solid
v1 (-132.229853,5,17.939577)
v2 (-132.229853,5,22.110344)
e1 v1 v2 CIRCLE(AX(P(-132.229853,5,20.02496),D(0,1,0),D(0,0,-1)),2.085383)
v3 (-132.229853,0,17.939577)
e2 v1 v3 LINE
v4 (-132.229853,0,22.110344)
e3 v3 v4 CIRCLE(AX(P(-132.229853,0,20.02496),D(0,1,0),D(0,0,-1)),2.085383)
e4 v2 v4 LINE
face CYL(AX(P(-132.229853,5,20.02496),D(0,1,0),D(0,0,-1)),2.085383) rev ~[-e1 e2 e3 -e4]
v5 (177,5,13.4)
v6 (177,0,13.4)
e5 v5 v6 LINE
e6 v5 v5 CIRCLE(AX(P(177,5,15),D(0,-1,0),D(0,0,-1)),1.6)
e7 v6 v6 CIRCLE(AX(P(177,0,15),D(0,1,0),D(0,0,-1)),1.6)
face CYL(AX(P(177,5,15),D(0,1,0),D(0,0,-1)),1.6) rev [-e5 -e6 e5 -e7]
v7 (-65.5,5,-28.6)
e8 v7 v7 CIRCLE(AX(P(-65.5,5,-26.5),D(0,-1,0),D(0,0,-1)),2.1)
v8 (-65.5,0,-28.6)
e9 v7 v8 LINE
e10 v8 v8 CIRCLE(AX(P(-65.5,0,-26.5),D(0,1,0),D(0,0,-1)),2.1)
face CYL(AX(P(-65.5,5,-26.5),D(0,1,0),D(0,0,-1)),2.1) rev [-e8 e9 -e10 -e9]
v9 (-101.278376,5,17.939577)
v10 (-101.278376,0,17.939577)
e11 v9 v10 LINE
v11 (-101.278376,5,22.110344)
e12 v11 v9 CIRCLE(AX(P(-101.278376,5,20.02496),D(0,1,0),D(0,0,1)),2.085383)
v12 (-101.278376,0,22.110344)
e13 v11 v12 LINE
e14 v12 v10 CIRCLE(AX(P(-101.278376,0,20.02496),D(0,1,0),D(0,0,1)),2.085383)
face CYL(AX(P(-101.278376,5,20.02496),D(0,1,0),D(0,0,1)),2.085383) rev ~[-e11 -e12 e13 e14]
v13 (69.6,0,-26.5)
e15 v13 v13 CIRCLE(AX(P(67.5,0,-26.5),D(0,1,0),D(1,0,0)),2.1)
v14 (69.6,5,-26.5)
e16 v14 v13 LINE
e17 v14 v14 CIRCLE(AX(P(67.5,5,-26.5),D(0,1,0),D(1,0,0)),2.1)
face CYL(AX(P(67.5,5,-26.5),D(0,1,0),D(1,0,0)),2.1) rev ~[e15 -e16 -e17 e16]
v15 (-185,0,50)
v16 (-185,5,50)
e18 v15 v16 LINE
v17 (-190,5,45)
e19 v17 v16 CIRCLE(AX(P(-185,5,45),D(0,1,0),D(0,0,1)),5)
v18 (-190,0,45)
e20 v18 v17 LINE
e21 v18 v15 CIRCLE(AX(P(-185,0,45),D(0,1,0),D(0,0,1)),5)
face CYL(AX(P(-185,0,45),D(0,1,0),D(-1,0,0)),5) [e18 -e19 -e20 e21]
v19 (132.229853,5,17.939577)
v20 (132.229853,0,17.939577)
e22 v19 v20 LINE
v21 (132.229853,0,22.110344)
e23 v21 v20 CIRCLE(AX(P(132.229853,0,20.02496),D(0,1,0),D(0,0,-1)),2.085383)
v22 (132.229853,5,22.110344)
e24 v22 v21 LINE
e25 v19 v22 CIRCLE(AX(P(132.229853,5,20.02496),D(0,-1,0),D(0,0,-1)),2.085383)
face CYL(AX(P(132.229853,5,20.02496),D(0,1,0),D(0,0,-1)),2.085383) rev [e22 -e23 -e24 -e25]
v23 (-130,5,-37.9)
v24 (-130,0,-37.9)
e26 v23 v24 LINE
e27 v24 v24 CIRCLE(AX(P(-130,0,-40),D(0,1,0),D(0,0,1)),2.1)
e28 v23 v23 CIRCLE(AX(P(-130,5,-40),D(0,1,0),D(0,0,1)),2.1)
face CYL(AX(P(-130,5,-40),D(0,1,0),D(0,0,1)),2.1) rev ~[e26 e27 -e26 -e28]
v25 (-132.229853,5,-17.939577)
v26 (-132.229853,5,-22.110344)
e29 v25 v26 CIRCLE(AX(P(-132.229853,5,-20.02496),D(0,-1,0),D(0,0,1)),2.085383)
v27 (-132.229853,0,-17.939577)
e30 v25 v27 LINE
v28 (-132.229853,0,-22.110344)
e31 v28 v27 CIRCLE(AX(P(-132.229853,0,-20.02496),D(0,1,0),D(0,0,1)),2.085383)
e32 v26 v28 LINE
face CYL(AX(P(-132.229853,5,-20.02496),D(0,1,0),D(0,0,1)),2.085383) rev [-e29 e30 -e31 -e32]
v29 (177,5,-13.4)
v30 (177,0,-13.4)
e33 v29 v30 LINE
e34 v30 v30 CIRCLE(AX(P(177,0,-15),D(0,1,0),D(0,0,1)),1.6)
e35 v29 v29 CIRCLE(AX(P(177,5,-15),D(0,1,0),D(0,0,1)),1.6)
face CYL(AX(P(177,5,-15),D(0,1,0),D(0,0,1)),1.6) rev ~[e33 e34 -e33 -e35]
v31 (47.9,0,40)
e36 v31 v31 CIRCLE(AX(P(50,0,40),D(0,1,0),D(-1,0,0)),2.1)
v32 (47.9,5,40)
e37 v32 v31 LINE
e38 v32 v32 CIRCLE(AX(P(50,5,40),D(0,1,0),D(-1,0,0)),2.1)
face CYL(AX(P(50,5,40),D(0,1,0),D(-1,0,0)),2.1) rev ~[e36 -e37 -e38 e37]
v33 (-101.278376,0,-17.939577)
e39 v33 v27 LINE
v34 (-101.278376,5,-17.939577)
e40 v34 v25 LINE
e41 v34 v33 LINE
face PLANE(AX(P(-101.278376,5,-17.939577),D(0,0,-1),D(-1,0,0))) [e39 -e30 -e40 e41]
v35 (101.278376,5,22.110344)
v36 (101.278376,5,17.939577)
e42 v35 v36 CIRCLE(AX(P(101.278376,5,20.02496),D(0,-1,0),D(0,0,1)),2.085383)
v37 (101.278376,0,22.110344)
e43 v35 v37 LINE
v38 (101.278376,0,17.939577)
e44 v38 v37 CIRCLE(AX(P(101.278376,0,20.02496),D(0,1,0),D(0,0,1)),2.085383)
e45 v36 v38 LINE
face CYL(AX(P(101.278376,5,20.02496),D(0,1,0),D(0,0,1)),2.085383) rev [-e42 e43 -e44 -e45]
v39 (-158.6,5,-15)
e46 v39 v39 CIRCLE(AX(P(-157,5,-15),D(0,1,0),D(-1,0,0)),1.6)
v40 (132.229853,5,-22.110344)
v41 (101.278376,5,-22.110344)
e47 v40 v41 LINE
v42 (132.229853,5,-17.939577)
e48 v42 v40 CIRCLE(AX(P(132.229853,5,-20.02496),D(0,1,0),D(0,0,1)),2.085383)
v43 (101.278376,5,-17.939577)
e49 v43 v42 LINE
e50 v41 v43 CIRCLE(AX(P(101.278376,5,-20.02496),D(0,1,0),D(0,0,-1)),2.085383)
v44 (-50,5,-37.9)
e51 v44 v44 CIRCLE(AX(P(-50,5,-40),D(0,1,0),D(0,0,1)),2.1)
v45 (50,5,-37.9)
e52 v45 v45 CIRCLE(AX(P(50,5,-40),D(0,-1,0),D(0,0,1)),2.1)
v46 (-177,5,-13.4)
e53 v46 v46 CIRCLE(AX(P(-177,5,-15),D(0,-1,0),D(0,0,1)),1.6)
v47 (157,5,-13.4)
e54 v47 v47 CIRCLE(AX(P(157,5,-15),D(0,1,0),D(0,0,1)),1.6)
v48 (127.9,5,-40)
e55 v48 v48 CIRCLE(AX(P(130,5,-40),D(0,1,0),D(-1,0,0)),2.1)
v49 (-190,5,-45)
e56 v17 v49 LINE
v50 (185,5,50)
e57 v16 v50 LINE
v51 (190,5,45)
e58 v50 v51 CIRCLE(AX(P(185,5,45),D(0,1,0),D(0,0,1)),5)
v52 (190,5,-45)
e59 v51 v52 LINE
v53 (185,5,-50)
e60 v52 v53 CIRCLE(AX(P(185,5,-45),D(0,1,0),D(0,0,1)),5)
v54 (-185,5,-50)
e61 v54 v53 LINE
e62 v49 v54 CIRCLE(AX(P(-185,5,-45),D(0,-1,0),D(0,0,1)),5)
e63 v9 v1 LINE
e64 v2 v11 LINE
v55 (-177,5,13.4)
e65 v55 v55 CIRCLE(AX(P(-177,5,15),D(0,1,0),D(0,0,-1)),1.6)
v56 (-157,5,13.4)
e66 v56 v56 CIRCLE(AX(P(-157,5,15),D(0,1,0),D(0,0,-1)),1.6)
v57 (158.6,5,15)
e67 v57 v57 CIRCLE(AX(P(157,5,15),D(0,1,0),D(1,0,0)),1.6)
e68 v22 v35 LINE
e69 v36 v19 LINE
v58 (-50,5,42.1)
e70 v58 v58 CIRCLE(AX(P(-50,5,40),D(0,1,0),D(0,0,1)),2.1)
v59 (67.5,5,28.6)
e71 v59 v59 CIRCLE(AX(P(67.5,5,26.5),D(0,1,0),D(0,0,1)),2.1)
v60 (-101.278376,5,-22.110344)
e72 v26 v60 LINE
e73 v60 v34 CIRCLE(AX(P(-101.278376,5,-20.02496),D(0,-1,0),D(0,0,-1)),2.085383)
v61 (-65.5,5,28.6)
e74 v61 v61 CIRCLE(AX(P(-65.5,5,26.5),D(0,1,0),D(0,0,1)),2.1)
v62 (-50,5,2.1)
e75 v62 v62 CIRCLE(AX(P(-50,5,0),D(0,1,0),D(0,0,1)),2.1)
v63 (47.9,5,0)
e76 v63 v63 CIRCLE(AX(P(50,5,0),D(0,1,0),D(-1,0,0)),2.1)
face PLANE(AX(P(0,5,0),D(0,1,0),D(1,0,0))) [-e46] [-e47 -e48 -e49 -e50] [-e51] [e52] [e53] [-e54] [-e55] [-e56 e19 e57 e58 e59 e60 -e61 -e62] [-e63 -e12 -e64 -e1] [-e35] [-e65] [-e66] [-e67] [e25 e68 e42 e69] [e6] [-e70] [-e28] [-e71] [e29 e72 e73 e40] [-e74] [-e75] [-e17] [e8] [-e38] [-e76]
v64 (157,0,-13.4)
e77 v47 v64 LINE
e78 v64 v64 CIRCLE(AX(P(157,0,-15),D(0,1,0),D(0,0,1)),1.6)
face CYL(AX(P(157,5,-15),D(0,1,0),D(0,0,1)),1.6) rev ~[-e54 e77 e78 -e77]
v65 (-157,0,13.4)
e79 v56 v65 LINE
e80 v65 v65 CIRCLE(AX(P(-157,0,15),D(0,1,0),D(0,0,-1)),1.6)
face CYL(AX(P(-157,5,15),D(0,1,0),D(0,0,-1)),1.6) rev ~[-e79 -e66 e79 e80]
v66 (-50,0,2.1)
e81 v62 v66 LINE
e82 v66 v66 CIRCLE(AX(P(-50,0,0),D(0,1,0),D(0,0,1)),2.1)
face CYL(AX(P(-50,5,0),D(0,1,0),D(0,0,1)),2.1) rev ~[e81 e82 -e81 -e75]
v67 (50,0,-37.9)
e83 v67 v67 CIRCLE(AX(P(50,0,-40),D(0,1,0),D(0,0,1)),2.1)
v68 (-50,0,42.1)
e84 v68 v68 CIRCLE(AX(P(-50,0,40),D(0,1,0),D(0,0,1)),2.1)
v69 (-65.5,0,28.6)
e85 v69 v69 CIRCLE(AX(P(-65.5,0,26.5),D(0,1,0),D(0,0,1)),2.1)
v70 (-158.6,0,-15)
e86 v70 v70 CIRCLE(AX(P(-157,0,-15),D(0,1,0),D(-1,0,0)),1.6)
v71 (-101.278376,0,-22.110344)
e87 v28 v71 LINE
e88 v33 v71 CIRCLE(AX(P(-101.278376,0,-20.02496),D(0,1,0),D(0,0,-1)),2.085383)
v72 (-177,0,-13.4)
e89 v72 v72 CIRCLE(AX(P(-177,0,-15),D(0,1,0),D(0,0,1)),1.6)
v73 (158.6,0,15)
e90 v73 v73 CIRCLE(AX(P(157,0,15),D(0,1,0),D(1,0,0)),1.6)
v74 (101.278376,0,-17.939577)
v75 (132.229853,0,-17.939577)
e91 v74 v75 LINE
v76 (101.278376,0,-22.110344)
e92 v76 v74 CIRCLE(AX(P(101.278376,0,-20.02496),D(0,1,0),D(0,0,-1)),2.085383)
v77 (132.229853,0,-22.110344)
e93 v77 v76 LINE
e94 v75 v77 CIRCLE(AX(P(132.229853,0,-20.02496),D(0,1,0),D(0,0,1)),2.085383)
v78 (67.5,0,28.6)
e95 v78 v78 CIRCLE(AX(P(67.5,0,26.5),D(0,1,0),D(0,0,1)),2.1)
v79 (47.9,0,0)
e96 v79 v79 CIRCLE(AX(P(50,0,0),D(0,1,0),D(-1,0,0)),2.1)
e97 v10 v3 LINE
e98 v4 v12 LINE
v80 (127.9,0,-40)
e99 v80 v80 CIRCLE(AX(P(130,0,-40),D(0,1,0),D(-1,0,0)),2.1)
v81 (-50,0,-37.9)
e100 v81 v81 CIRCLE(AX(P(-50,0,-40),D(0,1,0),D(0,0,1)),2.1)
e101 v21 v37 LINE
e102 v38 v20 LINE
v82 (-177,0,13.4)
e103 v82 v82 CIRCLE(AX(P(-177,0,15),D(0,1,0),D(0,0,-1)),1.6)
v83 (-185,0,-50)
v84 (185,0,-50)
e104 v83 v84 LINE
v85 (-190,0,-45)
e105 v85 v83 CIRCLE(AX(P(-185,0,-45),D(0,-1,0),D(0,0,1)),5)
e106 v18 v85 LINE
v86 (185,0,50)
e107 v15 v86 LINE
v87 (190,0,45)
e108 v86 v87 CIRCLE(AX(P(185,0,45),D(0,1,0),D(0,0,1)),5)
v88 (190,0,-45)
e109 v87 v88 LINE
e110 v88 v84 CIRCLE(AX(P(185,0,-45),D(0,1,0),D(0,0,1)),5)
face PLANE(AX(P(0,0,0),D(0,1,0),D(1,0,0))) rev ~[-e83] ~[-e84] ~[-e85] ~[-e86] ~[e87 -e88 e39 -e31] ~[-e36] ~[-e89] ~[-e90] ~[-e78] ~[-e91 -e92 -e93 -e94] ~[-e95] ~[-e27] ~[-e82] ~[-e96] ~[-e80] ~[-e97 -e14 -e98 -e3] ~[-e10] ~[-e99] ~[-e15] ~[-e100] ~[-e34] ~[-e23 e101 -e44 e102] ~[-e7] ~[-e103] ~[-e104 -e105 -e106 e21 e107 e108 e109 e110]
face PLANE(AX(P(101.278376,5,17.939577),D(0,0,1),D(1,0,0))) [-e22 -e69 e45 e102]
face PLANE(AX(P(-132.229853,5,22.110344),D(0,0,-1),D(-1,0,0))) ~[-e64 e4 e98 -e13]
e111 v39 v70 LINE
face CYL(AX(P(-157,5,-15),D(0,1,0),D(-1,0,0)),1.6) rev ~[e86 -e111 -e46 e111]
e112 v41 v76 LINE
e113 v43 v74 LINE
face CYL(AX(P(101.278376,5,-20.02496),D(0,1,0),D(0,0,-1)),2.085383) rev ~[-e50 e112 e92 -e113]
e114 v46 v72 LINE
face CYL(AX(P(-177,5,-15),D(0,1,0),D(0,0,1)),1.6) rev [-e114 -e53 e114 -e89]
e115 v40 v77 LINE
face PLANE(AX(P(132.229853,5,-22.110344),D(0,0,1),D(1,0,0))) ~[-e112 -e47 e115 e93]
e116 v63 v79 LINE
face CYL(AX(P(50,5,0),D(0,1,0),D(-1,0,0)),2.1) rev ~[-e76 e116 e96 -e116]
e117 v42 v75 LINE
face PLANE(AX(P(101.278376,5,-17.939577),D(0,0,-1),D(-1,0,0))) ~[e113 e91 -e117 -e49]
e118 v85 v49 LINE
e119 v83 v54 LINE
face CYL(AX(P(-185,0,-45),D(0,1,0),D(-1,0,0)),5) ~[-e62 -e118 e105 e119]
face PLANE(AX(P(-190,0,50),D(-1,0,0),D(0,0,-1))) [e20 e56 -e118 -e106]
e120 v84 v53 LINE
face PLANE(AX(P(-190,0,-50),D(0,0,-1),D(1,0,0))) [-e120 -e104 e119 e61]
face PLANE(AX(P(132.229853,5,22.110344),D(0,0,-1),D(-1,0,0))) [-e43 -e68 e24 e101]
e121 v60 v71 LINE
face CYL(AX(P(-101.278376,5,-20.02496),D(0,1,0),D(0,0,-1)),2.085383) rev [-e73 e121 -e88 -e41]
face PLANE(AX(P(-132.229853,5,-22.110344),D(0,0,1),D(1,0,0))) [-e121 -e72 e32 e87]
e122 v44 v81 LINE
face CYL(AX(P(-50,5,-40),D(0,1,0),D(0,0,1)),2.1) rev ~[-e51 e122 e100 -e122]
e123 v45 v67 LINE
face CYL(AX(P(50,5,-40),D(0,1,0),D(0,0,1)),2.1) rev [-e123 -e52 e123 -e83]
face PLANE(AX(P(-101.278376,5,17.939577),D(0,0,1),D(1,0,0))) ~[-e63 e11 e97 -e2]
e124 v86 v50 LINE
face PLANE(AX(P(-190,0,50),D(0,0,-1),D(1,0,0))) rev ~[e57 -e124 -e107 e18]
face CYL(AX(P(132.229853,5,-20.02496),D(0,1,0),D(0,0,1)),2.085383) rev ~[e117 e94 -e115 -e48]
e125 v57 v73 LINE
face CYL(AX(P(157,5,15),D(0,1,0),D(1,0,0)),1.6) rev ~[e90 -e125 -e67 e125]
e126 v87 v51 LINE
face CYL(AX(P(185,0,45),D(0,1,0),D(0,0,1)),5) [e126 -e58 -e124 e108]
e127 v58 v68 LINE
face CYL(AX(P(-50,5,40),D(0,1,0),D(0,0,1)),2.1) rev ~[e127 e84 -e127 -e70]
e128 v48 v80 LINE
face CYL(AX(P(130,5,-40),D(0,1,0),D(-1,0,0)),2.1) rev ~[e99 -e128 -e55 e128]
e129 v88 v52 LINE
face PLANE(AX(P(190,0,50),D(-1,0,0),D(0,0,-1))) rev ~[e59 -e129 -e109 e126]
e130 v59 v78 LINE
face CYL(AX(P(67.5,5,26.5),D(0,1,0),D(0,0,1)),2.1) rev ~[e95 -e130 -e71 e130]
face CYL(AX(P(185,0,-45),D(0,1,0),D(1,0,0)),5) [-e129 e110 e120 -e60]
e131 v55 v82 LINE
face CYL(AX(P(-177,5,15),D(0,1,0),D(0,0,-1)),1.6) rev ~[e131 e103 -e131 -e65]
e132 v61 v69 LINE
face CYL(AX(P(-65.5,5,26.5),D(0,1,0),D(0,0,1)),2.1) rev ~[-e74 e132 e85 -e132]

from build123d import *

# Parameters (mm, degrees)
SKETCH_1_W                       = 380
SKETCH_1_H                       = 100
EXTRUDE_1_DEPTH                  = 5
FILLET_2_R                       = 5
SKETCH_2_R                       = 1.6
CUT_EXTRUDE_1_DEPTH              = 197.53244007
PATTERN_LINEAR_1_COUNT           = 2
PATTERN_LINEAR_1_PITCH           = 20
MIRROR_1_COPY_1_SKETCH_R         = 1.6
MIRROR_1_COPY_1_DEPTH            = 197.53244007
MIRROR_2_COPY_1_SKETCH_R         = 1.6
MIRROR_2_COPY_1_DEPTH            = 197.53244007
MIRROR_2_COPY_2_SKETCH_R         = 1.6
MIRROR_2_COPY_2_DEPTH            = 197.53244007
MIRROR_2_COPY_3_SKETCH_R         = 1.6
MIRROR_2_COPY_3_DEPTH            = 197.53244007
SKETCH_3_R                       = 2.1
CUT_EXTRUDE_2_DEPTH              = 197.53244007
PATTERN_LINEAR_2_COUNT           = 3
PATTERN_LINEAR_2_PITCH           = 40
MIRROR_3_COPY_1_SKETCH_R         = 2.1
MIRROR_3_COPY_1_DEPTH            = 197.53244007
MIRROR_3_COPY_2_SKETCH_R         = 2.1
MIRROR_3_COPY_2_DEPTH            = 197.53244007
SKETCH_4_R                       = 2.1
CUT_EXTRUDE_3_DEPTH              = 197.53244007
PATTERN_LINEAR_3_COUNT           = 2
PATTERN_LINEAR_3_PITCH           = 133
PATTERN_LINEAR_3_COPY_1_SKETCH_R = 2.1
PATTERN_LINEAR_3_COPY_1_DEPTH    = 197.53244007
PATTERN_LINEAR_4_COUNT           = 2
PATTERN_LINEAR_4_PITCH           = 80
MIRROR_5_COPY_1_SKETCH_R         = 2.1
MIRROR_5_COPY_1_DEPTH            = 197.53244007
MIRROR_5_COPY_2_SKETCH_R         = 2.1
MIRROR_5_COPY_2_DEPTH            = 197.53244007
CUT_EXTRUDE_4_DEPTH              = 197.53244007
MIRROR_7_COPY_1_DEPTH            = 197.53244007


with BuildPart() as part:
    # 草图1 → 凸台-拉伸1 (new body)
    with BuildSketch(Plane(origin=(0, 0, 0), x_dir=(1, 0, 0), z_dir=(0, 1, 0))):
        Rectangle(SKETCH_1_W, SKETCH_1_H)
    extrude(amount=EXTRUDE_1_DEPTH)

    # 圆角2
    fillet_2_edges = [part.edges().sort_by_distance(p)[0] for p in [
        (190, 2.5, 50),
        (-190, 2.5, 50),
        (-190, 2.5, -50),
        (190, 2.5, -50),
    ]]
    fillet(fillet_2_edges, radius=FILLET_2_R)

    # 草图2 → 切除-拉伸1 (cut, through all)
    with BuildSketch(Plane(origin=(0, 5, 0), x_dir=(1, 0, 0), z_dir=(0, 1, 0))):
        with Locations(Location((177, 15, 0), (0, 0, 270))):
            Circle(SKETCH_2_R)
    cut_extrude_1 = extrude(amount=-CUT_EXTRUDE_1_DEPTH, mode=Mode.SUBTRACT)

    # 阵列(线性)1: 切除-拉伸1 ×2
    with Locations(*[(-i * PATTERN_LINEAR_1_PITCH, 0, 0) for i in range(1, PATTERN_LINEAR_1_COUNT)]):
        add(cut_extrude_1, mode=Mode.SUBTRACT)

    # 镜向1: 切除-拉伸1 across plane
    add(cut_extrude_1.mirror(Plane.XY), mode=Mode.SUBTRACT)

    # 镜向1 copy 1 sketch → 镜向1 copy 1 (cut, through all)
    with BuildSketch(Plane(origin=(-20, 5, 0), x_dir=(1, 0, 0), z_dir=(0, 1, 0))):
        with Locations((177, -15)):
            Circle(MIRROR_1_COPY_1_SKETCH_R)
    extrude(amount=-MIRROR_1_COPY_1_DEPTH, mode=Mode.SUBTRACT)

    # 镜向2: 切除-拉伸1 across plane
    add(cut_extrude_1.mirror(Plane(origin=(0, 0, 0), x_dir=(0, 0, 1), z_dir=(1, 0, 0))), mode=Mode.SUBTRACT)

    # 镜向2 copy 1 sketch → 镜向2 copy 1 (cut, through all)
    with BuildSketch(Plane(origin=(20, 5, 0), x_dir=(-1, 0, 0), z_dir=(0, 1, 0))):
        with Locations((177, -15)):
            Circle(MIRROR_2_COPY_1_SKETCH_R)
    extrude(amount=-MIRROR_2_COPY_1_DEPTH, mode=Mode.SUBTRACT)

    # 镜向2 copy 2 sketch → 镜向2 copy 2 (cut, through all)
    with BuildSketch(Plane(origin=(0, 5, 0), x_dir=(-1, 0, 0), z_dir=(0, 1, 0))):
        with Locations(Location((177, 15, 0), (0, 0, 270))):
            Circle(MIRROR_2_COPY_2_SKETCH_R)
    extrude(amount=-MIRROR_2_COPY_2_DEPTH, mode=Mode.SUBTRACT)

    # 镜向2 copy 3 sketch → 镜向2 copy 3 (cut, through all)
    with BuildSketch(Plane(origin=(20, 5, 0), x_dir=(-1, 0, 0), z_dir=(0, 1, 0))):
        with Locations(Location((177, 15, 0), (0, 0, 270))):
            Circle(MIRROR_2_COPY_3_SKETCH_R)
    extrude(amount=-MIRROR_2_COPY_3_DEPTH, mode=Mode.SUBTRACT)

    # 草图3 → 切除-拉伸2 (cut, through all)
    with BuildSketch(Plane(origin=(0, 5, 0), x_dir=(1, 0, 0), z_dir=(0, 1, 0))):
        with Locations(Location((-50, 40, 0), (0, 0, 270))):
            Circle(SKETCH_3_R)
    cut_extrude_2 = extrude(amount=-CUT_EXTRUDE_2_DEPTH, mode=Mode.SUBTRACT)

    # 阵列(线性)2: 切除-拉伸2 ×3
    with Locations(*[(0, 0, i * PATTERN_LINEAR_2_PITCH) for i in range(1, PATTERN_LINEAR_2_COUNT)]):
        add(cut_extrude_2, mode=Mode.SUBTRACT)

    # 镜向3: 切除-拉伸2 across plane
    add(cut_extrude_2.mirror(Plane(origin=(0, 0, 0), x_dir=(0, 0, 1), z_dir=(1, 0, 0))), mode=Mode.SUBTRACT)

    # 镜向3 copy 1 sketch → 镜向3 copy 1 (cut, through all)
    with BuildSketch(Plane(origin=(0, 5, 40), x_dir=(-1, 0, 0), z_dir=(0, 1, 0))):
        with Locations((-50, -40)):
            Circle(MIRROR_3_COPY_1_SKETCH_R)
    extrude(amount=-MIRROR_3_COPY_1_DEPTH, mode=Mode.SUBTRACT)

    # 镜向3 copy 2 sketch → 镜向3 copy 2 (cut, through all)
    with BuildSketch(Plane(origin=(0, 5, 80), x_dir=(-1, 0, 0), z_dir=(0, 1, 0))):
        with Locations((-50, -40)):
            Circle(MIRROR_3_COPY_2_SKETCH_R)
    extrude(amount=-MIRROR_3_COPY_2_DEPTH, mode=Mode.SUBTRACT)

    # 草图4 → 切除-拉伸3 (cut, through all)
    with BuildSketch(Plane(origin=(0, 5, 0), x_dir=(1, 0, 0), z_dir=(0, 1, 0))):
        with Locations(Location((-65.5, -26.5, 0), (0, 0, 270))):
            Circle(SKETCH_4_R)
    cut_extrude_3 = extrude(amount=-CUT_EXTRUDE_3_DEPTH, mode=Mode.SUBTRACT)

    # 镜向4: 切除-拉伸3 across plane
    add(cut_extrude_3.mirror(Plane.XY), mode=Mode.SUBTRACT)

    # 阵列(线性)3: 切除-拉伸3 ×2
    with Locations(*[(i * PATTERN_LINEAR_3_PITCH, 0, 0) for i in range(1, PATTERN_LINEAR_3_COUNT)]):
        add(cut_extrude_3, mode=Mode.SUBTRACT)

    # 阵列(线性)3 copy 1 sketch → 阵列(线性)3 copy 1 (cut, through all)
    with BuildSketch(Plane(origin=(133, 5, 0), x_dir=(1, 0, 0), z_dir=(0, 1, 0))):
        with Locations((-65.5, 26.5)):
            Circle(PATTERN_LINEAR_3_COPY_1_SKETCH_R)
    extrude(amount=-PATTERN_LINEAR_3_COPY_1_DEPTH, mode=Mode.SUBTRACT)

    # 阵列(线性)4: 切除-拉伸2 ×2
    with Locations(*[(-i * PATTERN_LINEAR_4_PITCH, 0, 0) for i in range(1, PATTERN_LINEAR_4_COUNT)]):
        add(cut_extrude_2, mode=Mode.SUBTRACT)

    # 镜向5 copy 1 sketch → 镜向5 copy 1 (cut, through all)
    with BuildSketch(Plane(origin=(80, 5, 0), x_dir=(-1, 0, 0), z_dir=(0, 1, 0))):
        with Locations((-50, -40)):
            Circle(MIRROR_5_COPY_1_SKETCH_R)
    extrude(amount=-MIRROR_5_COPY_1_DEPTH, mode=Mode.SUBTRACT)

    # 镜向5 copy 2 sketch → 镜向5 copy 2 (cut, through all)
    with BuildSketch(Plane(origin=(0, 5, 0), x_dir=(-1, 0, 0), z_dir=(0, 1, 0))):
        with Locations((-50, -40)):
            Circle(MIRROR_5_COPY_2_SKETCH_R)
    extrude(amount=-MIRROR_5_COPY_2_DEPTH, mode=Mode.SUBTRACT)

    # 草图6 → 切除-拉伸4 (cut, through all)
    with BuildSketch(Plane(origin=(0, 5, 0), x_dir=(1, 0, 0), z_dir=(0, 1, 0))):
        with BuildLine():
            Line((-132.229853022, 22.110343678), (-101.2783764, 22.110343678))
            ThreePointArc((-101.2783764, 22.110343678), (-99.192992914, 20.024960192), (-101.2783764, 17.939576706))
            Line((-101.2783764, 17.939576706), (-132.229853022, 17.939576706))
            ThreePointArc((-132.229853022, 17.939576706), (-134.315236507, 20.024960192), (-132.229853022, 22.110343678))
        make_face()
    cut_extrude_4 = extrude(amount=-CUT_EXTRUDE_4_DEPTH, mode=Mode.SUBTRACT)

    # 镜向6: 切除-拉伸4 across plane
    add(cut_extrude_4.mirror(Plane.XY), mode=Mode.SUBTRACT)

    # 镜向7: 切除-拉伸4 across plane
    add(cut_extrude_4.mirror(Plane(origin=(0, 0, 0), x_dir=(0, 0, 1), z_dir=(1, 0, 0))), mode=Mode.SUBTRACT)

    # 镜向7 copy 1 sketch → 镜向7 copy 1 (cut, through all)
    with BuildSketch(Plane(origin=(0, 5, 0), x_dir=(-1, 0, 0), z_dir=(0, 1, 0))):
        with BuildLine():
            Line((-132.229853022, 22.110343678), (-101.2783764, 22.110343678))
            ThreePointArc((-101.2783764, 22.110343678), (-99.192992914, 20.024960192), (-101.2783764, 17.939576706))
            Line((-101.2783764, 17.939576706), (-132.229853022, 17.939576706))
            ThreePointArc((-132.229853022, 17.939576706), (-134.315236507, 20.024960192), (-132.229853022, 22.110343678))
        make_face()
    extrude(amount=-MIRROR_7_COPY_1_DEPTH, mode=Mode.SUBTRACT)


solid = part.part
